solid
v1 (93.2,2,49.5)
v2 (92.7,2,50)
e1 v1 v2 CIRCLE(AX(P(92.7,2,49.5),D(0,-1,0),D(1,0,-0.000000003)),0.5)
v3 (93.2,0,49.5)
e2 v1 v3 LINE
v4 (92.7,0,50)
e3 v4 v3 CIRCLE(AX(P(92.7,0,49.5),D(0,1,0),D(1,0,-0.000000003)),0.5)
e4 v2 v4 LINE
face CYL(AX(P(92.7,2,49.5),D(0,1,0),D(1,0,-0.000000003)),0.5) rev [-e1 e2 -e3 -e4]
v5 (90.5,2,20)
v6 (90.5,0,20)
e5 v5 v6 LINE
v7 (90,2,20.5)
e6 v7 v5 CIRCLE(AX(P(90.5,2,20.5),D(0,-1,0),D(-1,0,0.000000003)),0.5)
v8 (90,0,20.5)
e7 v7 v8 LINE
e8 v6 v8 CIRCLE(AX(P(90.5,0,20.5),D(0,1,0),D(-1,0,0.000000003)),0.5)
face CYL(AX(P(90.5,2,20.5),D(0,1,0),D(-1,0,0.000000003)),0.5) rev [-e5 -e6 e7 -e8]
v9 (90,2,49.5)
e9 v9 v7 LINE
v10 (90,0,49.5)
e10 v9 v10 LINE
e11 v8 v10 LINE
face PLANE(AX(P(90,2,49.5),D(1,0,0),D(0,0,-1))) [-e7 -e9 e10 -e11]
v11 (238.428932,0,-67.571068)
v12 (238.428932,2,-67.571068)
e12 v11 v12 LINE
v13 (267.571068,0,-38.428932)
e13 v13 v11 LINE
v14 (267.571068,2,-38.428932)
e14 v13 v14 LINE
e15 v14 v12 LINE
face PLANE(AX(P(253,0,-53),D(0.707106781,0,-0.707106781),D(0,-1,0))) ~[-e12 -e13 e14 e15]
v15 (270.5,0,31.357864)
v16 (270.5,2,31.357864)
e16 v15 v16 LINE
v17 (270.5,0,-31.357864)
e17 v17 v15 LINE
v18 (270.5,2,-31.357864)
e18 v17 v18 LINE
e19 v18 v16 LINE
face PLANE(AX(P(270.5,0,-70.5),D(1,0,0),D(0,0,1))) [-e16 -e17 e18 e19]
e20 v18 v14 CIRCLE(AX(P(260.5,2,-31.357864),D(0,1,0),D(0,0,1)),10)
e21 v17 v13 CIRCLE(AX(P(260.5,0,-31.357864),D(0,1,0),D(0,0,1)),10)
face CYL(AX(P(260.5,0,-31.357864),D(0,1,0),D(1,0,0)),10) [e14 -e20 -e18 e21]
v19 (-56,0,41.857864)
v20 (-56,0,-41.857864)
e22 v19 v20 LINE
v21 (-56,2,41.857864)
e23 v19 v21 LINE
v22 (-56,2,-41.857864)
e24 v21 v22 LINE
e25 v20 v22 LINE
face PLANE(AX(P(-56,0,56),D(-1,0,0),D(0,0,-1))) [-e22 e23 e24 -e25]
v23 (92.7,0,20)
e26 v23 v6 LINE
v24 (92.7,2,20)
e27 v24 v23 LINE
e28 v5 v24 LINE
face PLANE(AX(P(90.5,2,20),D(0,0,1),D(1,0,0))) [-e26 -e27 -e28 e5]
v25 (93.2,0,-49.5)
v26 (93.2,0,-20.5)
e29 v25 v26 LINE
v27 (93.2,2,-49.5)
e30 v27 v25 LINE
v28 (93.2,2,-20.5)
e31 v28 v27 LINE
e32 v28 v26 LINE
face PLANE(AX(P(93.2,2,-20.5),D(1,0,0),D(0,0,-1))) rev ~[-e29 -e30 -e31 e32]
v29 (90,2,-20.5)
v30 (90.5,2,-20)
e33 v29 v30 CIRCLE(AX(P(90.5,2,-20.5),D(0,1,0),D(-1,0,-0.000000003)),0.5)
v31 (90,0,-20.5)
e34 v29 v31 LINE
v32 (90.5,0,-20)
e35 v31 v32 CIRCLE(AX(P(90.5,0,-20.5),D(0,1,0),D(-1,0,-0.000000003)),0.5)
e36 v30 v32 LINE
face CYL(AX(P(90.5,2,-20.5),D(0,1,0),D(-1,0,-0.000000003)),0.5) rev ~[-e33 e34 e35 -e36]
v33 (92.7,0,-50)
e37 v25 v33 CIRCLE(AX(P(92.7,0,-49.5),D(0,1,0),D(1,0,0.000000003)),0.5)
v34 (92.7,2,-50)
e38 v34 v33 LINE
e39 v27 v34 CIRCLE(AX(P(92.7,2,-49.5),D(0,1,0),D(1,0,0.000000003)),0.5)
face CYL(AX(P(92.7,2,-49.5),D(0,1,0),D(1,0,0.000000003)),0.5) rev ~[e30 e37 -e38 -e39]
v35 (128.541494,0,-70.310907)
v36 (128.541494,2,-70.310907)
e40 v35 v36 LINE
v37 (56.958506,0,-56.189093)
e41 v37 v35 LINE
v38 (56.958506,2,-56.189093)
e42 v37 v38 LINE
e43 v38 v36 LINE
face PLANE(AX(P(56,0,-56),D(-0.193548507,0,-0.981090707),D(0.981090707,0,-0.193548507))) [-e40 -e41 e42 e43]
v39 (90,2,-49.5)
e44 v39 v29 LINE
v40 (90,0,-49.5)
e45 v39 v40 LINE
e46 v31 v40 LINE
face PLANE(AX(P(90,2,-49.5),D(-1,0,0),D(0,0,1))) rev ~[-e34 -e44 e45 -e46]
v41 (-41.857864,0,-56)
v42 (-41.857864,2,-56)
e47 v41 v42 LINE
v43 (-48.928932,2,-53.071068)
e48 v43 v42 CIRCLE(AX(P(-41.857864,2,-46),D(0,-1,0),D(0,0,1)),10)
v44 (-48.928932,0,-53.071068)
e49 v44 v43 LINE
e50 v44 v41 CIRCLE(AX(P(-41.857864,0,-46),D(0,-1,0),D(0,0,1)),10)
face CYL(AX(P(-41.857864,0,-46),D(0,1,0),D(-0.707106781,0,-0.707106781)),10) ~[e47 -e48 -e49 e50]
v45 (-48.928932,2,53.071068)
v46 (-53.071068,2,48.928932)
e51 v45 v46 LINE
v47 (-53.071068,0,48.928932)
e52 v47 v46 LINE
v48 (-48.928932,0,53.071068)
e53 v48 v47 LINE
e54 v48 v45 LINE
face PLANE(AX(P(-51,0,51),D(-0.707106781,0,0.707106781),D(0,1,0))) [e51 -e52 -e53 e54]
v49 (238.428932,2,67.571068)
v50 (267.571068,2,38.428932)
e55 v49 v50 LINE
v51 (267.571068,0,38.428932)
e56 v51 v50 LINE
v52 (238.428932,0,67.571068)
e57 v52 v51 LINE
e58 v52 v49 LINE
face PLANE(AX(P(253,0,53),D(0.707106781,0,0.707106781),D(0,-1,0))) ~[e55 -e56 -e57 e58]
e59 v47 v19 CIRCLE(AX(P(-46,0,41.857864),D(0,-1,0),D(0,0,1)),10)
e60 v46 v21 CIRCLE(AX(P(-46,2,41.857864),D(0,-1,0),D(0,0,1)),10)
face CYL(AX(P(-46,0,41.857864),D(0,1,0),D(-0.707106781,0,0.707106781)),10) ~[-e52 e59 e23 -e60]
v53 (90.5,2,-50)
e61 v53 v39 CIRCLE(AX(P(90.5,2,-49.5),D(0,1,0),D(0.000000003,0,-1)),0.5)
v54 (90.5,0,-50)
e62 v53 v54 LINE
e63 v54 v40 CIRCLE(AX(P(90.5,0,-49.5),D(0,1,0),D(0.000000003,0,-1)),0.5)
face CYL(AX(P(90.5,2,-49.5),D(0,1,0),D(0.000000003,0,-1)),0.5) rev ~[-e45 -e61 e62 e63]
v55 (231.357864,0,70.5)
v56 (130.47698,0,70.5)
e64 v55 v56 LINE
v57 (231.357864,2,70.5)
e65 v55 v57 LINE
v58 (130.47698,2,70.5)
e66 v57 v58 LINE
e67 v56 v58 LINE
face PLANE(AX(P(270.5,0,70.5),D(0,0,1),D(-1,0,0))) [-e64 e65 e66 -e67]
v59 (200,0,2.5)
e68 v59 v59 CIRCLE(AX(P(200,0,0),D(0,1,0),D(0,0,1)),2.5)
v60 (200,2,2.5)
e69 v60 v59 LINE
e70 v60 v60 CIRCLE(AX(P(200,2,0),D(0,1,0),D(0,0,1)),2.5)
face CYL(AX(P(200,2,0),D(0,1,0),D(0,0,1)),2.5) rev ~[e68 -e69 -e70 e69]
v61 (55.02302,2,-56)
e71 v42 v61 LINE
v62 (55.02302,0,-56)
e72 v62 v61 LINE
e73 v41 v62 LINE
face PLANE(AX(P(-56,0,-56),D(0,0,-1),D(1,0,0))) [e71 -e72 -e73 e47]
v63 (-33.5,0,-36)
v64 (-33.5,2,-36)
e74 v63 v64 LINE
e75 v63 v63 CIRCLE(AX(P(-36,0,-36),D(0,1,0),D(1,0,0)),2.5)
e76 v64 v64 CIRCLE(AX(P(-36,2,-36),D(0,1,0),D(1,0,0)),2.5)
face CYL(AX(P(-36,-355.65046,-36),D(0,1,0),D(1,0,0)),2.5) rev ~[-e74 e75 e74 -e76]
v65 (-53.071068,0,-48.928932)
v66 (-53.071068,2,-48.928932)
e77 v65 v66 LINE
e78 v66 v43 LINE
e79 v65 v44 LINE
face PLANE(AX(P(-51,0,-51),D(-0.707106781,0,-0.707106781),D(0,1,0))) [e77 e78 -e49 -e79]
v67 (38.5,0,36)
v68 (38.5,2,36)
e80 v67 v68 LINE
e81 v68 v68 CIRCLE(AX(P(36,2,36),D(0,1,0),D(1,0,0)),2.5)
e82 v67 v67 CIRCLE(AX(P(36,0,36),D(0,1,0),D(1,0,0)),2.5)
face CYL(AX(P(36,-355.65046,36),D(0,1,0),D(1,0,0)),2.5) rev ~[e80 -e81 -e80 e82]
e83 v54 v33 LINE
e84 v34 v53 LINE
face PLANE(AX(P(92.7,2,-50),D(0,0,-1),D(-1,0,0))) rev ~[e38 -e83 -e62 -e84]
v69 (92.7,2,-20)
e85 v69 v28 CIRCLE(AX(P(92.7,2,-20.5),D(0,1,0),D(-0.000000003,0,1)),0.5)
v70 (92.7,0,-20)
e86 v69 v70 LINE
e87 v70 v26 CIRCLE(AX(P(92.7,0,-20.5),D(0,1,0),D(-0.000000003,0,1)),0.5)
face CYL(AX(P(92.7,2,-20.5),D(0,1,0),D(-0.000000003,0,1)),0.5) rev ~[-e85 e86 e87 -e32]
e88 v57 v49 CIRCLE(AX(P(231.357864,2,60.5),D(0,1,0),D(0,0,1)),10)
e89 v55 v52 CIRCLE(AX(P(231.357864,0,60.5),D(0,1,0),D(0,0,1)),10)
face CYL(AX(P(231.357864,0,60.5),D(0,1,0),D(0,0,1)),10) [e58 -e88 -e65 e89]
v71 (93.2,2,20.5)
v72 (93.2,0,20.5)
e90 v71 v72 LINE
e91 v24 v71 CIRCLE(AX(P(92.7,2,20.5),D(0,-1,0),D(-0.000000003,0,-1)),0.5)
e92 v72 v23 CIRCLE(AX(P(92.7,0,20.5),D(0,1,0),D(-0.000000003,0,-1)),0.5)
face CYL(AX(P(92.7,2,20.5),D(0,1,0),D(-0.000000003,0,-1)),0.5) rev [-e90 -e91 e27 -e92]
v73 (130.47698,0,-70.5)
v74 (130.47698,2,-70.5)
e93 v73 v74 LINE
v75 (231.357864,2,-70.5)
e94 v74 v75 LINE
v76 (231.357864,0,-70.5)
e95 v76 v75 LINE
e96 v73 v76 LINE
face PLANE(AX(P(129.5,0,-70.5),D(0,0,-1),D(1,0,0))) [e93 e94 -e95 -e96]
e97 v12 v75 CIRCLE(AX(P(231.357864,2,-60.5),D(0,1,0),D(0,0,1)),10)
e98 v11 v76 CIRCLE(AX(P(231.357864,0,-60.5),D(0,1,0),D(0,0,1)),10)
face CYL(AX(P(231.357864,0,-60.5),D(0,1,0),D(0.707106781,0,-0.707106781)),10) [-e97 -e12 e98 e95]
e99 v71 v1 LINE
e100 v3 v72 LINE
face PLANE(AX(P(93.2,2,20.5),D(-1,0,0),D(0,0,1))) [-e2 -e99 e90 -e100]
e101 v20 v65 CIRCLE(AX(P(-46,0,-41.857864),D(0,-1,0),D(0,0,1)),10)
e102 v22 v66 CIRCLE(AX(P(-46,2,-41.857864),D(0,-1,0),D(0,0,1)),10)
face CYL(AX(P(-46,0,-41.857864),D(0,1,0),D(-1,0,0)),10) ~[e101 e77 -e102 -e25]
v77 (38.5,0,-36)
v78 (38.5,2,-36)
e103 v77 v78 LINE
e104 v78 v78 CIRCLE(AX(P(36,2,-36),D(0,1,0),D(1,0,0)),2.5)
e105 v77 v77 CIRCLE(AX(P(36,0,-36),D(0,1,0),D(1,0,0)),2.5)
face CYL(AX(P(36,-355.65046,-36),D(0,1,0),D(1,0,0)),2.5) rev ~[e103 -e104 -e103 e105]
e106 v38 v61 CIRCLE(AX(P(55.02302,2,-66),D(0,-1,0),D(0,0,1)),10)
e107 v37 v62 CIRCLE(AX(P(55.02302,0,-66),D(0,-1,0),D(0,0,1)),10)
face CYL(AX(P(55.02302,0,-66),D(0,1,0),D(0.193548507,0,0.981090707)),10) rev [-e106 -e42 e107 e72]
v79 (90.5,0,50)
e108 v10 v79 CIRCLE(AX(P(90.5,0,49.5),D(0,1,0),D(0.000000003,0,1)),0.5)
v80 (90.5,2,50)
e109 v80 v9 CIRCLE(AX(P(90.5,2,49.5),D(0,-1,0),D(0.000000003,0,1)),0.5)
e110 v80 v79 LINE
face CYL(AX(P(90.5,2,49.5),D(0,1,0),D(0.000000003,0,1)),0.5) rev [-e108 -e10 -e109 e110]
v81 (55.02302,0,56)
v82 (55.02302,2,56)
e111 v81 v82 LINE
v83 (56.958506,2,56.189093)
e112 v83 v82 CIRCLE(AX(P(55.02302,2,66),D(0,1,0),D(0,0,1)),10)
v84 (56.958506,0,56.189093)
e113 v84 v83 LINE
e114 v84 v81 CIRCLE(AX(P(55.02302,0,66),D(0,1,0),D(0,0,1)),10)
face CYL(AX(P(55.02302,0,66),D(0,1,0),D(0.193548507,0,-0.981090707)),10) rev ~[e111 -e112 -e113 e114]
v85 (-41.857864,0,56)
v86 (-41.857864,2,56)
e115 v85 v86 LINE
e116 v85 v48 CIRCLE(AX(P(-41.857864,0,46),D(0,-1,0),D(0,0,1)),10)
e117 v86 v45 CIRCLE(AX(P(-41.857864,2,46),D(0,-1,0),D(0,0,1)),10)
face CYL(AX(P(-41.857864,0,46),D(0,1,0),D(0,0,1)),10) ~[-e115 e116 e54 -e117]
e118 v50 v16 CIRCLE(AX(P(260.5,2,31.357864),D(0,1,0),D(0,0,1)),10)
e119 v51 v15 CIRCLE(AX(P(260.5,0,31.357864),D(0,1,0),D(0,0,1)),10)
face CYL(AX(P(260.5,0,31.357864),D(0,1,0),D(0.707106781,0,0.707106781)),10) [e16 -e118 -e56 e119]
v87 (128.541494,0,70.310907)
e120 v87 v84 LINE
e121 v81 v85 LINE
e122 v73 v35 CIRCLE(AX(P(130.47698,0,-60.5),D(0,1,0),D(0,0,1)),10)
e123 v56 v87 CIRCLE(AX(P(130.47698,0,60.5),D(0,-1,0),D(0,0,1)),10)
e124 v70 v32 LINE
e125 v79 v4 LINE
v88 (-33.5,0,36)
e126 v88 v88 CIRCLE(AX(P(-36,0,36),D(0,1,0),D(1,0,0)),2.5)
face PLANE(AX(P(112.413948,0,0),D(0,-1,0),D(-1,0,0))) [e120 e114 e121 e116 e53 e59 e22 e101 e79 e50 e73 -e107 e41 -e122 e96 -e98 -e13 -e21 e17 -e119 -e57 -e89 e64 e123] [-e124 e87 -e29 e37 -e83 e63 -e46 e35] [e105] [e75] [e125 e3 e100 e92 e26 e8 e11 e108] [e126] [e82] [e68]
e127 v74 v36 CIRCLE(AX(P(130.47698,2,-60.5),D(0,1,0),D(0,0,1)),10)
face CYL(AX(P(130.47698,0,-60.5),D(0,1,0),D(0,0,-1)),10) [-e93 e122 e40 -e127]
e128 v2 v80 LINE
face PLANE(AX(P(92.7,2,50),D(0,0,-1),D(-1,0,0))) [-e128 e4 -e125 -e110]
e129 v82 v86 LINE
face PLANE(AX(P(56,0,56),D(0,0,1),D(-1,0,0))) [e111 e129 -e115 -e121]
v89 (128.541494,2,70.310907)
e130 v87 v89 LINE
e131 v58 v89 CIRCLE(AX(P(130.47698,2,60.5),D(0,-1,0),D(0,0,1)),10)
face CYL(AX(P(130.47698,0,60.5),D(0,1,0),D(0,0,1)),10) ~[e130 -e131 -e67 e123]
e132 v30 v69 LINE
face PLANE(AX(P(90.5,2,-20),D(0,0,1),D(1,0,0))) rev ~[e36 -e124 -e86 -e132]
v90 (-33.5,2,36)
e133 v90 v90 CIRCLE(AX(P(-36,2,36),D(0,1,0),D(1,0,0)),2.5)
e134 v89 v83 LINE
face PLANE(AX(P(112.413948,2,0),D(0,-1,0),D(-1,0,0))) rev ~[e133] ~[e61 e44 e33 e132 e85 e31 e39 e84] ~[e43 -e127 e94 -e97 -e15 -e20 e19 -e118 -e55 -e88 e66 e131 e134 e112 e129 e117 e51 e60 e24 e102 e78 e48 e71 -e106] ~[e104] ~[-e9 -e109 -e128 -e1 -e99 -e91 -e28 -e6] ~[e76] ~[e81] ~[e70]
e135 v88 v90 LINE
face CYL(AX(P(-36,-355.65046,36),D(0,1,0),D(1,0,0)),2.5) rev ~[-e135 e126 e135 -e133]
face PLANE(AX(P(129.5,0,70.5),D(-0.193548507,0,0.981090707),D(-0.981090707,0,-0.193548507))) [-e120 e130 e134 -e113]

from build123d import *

# Parameters (mm, degrees)
BOSS_EXTRUDE1_DEPTH   = 2
CHAMFER1_SIZE         = 10
CHAMFER2_SIZE         = 35
FILLET1_R             = 10
F_5_0MM_DOWEL_HOLE1_D = 5
SKETCH5_R             = 2.5
CUT_EXTRUDE2_DEPTH    = 280.543377672
CUT_EXTRUDE3_DEPTH    = 280.543377672


with BuildPart() as part:
    # Sketch1 → Boss-Extrude1 (new body)
    with BuildSketch(Plane(origin=(0, 0, 0), x_dir=(1, 0, 0), z_dir=(0, 1, 0))):
        Polygon((56, 56), (129.5, 70.5), (270.5, 70.5), (270.5, -70.5), (129.5, -70.5), (56, -56), (-56, -56), (-56, 56), align=None)
    extrude(amount=BOSS_EXTRUDE1_DEPTH)

    # Chamfer1
    chamfer1_edges = [part.edges().sort_by_distance(p)[0] for p in [
        (-56, 1, 56),
        (-56, 1, -56),
    ]]
    chamfer(chamfer1_edges, length=CHAMFER1_SIZE)

    # Chamfer2
    chamfer2_edges = [part.edges().sort_by_distance(p)[0] for p in [
        (270.5, 1, 70.5),
        (270.5, 1, -70.5),
    ]]
    chamfer(chamfer2_edges, length=CHAMFER2_SIZE)

    # Fillet1
    fillet1_edges = [part.edges().sort_by_distance(p)[0] for p in [
        (129.5, 1, 70.5),
        (56, 1, 56),
        (56, 1, -56),
        (129.5, 1, -70.5),
        (-56, 1, 46),
        (-56, 1, -46),
        (-46, 1, -56),
        (-46, 1, 56),
        (235.5, 1, -70.5),
        (270.5, 1, 35.5),
        (270.5, 1, -35.5),
        (235.5, 1, 70.5),
    ]]
    fillet(fillet1_edges, radius=FILLET1_R)

    # Ø5.0mm Dowel Hole1 (through all)
    with Locations(Plane(origin=(0, 0, 0), x_dir=(-1, 0, 0), z_dir=(0, -1, 0))):
        with Locations((36, -36), (-36, -36), (36, 36), (-36, 36)):
            Hole(F_5_0MM_DOWEL_HOLE1_D / 2)

    # Sketch5 → Cut-Extrude2 (cut, through all)
    with BuildSketch(Plane(origin=(0, 2, 0), x_dir=(1, 0, 0), z_dir=(0, 1, 0))):
        with Locations(Location((200, 0, 0), (0, 0, 270))):
            Circle(SKETCH5_R)
    extrude(amount=-CUT_EXTRUDE2_DEPTH, mode=Mode.SUBTRACT)

    # Sketch6 → Cut-Extrude3 (cut, through all)
    with BuildSketch(Plane(origin=(0, 2, 0), x_dir=(1, 0, 0), z_dir=(0, 1, 0))):
        with BuildLine():
            Line((93.2, 20.5), (93.2, 49.5))
            ThreePointArc((93.2, 49.5), (93.053553391, 49.853553391), (92.7, 50))
            Line((92.7, 50), (90.5, 50))
            ThreePointArc((90.5, 50), (90.146446609, 49.853553391), (90, 49.5))
            Line((90, 49.5), (90, 20.5))
            ThreePointArc((90, 20.5), (90.146446609, 20.146446609), (90.5, 20))
            Line((90.5, 20), (92.7, 20))
            ThreePointArc((92.7, 20), (93.053553391, 20.146446609), (93.2, 20.5))
        make_face()
        with BuildLine():
            Line((90.5, -20), (92.7, -20))
            ThreePointArc((92.7, -20), (93.053553391, -20.146446609), (93.2, -20.5))
            Line((93.2, -20.5), (93.2, -49.5))
            ThreePointArc((93.2, -49.5), (93.053553391, -49.853553391), (92.7, -50))
            Line((92.7, -50), (90.5, -50))
            ThreePointArc((90.5, -50), (90.146446609, -49.853553391), (90, -49.5))
            Line((90, -49.5), (90, -20.5))
            ThreePointArc((90, -20.5), (90.146446609, -20.146446609), (90.5, -20))
        make_face()
    extrude(amount=-CUT_EXTRUDE3_DEPTH, mode=Mode.SUBTRACT)


solid = part.part
